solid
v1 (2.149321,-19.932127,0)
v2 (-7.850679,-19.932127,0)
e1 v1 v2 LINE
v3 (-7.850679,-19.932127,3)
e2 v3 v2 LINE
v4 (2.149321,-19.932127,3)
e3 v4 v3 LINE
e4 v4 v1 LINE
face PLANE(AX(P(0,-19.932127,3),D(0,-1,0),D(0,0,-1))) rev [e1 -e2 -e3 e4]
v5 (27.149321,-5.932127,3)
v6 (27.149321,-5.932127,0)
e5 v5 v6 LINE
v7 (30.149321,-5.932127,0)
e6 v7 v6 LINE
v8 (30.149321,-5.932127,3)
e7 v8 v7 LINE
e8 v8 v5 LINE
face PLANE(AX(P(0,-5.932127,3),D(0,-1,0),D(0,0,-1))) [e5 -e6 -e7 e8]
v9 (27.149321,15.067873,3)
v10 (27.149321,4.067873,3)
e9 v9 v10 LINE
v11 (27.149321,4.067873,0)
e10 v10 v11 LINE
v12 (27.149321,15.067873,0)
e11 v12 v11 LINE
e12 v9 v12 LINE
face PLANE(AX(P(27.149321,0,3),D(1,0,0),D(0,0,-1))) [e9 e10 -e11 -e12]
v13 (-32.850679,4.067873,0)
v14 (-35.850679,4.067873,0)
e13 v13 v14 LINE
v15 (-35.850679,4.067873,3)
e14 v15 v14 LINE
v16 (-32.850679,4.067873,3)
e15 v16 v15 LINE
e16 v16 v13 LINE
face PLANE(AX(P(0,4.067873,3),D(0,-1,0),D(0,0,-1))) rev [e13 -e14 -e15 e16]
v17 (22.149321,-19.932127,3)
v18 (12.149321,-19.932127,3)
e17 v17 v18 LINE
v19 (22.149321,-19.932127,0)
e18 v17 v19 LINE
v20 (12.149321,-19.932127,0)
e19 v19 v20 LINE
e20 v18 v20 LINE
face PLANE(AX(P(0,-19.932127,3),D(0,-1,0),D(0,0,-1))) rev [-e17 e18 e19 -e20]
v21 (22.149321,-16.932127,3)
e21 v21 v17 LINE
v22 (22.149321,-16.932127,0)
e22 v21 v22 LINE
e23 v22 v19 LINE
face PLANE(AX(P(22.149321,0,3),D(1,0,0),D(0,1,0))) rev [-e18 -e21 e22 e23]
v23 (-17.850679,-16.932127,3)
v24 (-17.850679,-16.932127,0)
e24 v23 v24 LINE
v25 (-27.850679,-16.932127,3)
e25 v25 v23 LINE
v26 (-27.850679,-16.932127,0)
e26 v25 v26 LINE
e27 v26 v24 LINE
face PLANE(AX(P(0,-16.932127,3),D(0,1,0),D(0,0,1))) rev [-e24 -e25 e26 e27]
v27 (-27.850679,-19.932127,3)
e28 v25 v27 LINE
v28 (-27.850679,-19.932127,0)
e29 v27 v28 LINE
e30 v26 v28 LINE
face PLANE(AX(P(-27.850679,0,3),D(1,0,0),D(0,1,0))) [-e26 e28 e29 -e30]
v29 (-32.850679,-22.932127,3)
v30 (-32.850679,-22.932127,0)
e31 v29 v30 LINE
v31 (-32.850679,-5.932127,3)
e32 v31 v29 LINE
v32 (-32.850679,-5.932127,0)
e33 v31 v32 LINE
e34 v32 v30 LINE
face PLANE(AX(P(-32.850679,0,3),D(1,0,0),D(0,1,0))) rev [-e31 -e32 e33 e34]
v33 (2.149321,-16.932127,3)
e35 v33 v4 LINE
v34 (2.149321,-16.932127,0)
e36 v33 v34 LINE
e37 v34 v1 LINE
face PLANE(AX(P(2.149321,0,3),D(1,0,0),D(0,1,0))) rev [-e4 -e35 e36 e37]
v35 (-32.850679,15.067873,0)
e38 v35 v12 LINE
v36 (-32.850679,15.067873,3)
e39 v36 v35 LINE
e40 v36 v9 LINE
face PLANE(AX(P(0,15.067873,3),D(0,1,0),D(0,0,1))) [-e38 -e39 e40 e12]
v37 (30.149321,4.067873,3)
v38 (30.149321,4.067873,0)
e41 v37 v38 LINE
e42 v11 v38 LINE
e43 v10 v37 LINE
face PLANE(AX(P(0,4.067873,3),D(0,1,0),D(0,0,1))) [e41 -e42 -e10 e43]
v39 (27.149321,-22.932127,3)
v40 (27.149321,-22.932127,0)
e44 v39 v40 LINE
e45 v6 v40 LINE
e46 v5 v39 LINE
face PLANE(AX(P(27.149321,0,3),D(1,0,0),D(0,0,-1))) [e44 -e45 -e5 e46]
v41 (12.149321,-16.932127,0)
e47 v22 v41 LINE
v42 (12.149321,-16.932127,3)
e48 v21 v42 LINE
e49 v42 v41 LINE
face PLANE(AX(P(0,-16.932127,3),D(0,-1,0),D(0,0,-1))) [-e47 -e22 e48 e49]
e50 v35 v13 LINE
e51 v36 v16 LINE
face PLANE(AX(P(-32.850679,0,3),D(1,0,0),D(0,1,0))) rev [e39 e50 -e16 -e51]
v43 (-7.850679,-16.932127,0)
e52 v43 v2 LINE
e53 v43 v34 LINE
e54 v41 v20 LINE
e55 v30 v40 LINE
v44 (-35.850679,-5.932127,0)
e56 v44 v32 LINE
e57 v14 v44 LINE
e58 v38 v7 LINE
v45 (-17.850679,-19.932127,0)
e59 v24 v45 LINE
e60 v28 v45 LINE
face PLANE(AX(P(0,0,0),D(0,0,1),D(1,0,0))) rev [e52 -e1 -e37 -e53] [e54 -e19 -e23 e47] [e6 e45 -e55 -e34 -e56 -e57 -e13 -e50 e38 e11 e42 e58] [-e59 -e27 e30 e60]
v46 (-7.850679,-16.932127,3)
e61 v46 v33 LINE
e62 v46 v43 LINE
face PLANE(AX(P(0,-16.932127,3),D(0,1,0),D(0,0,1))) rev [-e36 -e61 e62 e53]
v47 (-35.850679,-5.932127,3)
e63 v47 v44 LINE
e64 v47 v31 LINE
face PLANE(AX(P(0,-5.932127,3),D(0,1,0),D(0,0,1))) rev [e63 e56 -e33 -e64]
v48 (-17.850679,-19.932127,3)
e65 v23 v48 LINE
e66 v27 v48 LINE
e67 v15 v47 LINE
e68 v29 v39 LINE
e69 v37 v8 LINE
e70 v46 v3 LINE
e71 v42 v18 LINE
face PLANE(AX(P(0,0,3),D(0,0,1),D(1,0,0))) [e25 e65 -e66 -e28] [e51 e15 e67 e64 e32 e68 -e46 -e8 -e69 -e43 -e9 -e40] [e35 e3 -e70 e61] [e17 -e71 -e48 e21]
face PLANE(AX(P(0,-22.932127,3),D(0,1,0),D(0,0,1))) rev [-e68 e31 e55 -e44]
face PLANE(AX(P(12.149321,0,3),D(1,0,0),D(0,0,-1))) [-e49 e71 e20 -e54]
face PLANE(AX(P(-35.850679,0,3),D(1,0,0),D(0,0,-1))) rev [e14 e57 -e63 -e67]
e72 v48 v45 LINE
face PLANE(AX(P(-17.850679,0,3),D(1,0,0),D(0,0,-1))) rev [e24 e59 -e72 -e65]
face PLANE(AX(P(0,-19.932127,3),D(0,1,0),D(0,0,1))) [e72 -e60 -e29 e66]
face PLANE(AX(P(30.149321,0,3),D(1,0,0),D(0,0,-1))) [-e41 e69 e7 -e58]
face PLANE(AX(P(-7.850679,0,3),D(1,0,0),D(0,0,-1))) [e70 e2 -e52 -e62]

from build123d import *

# Parameters (mm, degrees)
SKETCH1_W           = 10
SKETCH1_H           = 3
SKETCH1_W_2         = 3
SKETCH1_H_2         = 10
BOSS_EXTRUDE1_DEPTH = 3


with BuildPart() as part:
    # Sketch1 → Boss-Extrude1 (new body)
    # profile 1 of 4: a face of its own
    with BuildSketch(Plane.XY):
        Polygon((-2.850678733, -16.932126697), (-2.850678733, 15.067873303), (-32.850678733, 15.067873303), (-32.850678733, 4.067873303), (-32.850678733, -5.932126697), (-32.850678733, -22.932126697), (-2.850678733, -22.932126697), (-2.850678733, -19.932126697), (-7.850678733, -19.932126697), (-7.850678733, -16.932126697), align=None)
        with Locations((-22.850678733, -18.432126697)):
            Rectangle(SKETCH1_W, SKETCH1_H, mode=Mode.SUBTRACT)
    # profile 2 of 4: a face of its own
    with BuildSketch(Plane.XY):
        Polygon((27.149321267, 15.067873303), (-2.850678733, 15.067873303), (-2.850678733, -16.932126697), (2.149321267, -16.932126697), (2.149321267, -19.932126697), (-2.850678733, -19.932126697), (-2.850678733, -22.932126697), (27.149321267, -22.932126697), (27.149321267, -5.932126697), (27.149321267, 4.067873303), align=None)
        with Locations((17.149321267, -18.432126697)):
            Rectangle(SKETCH1_W, SKETCH1_H, mode=Mode.SUBTRACT)
    # profile 3 of 4: a face of its own
    with BuildSketch(Plane.XY):
        with Locations((-34.350678733, -0.932126697)):
            Rectangle(SKETCH1_W_2, SKETCH1_H_2)
    # profile 4 of 4: a face of its own
    with BuildSketch(Plane.XY):
        with Locations((28.649321267, -0.932126697)):
            Rectangle(SKETCH1_W_2, SKETCH1_H_2)
    extrude(amount=BOSS_EXTRUDE1_DEPTH)


solid = part.part
